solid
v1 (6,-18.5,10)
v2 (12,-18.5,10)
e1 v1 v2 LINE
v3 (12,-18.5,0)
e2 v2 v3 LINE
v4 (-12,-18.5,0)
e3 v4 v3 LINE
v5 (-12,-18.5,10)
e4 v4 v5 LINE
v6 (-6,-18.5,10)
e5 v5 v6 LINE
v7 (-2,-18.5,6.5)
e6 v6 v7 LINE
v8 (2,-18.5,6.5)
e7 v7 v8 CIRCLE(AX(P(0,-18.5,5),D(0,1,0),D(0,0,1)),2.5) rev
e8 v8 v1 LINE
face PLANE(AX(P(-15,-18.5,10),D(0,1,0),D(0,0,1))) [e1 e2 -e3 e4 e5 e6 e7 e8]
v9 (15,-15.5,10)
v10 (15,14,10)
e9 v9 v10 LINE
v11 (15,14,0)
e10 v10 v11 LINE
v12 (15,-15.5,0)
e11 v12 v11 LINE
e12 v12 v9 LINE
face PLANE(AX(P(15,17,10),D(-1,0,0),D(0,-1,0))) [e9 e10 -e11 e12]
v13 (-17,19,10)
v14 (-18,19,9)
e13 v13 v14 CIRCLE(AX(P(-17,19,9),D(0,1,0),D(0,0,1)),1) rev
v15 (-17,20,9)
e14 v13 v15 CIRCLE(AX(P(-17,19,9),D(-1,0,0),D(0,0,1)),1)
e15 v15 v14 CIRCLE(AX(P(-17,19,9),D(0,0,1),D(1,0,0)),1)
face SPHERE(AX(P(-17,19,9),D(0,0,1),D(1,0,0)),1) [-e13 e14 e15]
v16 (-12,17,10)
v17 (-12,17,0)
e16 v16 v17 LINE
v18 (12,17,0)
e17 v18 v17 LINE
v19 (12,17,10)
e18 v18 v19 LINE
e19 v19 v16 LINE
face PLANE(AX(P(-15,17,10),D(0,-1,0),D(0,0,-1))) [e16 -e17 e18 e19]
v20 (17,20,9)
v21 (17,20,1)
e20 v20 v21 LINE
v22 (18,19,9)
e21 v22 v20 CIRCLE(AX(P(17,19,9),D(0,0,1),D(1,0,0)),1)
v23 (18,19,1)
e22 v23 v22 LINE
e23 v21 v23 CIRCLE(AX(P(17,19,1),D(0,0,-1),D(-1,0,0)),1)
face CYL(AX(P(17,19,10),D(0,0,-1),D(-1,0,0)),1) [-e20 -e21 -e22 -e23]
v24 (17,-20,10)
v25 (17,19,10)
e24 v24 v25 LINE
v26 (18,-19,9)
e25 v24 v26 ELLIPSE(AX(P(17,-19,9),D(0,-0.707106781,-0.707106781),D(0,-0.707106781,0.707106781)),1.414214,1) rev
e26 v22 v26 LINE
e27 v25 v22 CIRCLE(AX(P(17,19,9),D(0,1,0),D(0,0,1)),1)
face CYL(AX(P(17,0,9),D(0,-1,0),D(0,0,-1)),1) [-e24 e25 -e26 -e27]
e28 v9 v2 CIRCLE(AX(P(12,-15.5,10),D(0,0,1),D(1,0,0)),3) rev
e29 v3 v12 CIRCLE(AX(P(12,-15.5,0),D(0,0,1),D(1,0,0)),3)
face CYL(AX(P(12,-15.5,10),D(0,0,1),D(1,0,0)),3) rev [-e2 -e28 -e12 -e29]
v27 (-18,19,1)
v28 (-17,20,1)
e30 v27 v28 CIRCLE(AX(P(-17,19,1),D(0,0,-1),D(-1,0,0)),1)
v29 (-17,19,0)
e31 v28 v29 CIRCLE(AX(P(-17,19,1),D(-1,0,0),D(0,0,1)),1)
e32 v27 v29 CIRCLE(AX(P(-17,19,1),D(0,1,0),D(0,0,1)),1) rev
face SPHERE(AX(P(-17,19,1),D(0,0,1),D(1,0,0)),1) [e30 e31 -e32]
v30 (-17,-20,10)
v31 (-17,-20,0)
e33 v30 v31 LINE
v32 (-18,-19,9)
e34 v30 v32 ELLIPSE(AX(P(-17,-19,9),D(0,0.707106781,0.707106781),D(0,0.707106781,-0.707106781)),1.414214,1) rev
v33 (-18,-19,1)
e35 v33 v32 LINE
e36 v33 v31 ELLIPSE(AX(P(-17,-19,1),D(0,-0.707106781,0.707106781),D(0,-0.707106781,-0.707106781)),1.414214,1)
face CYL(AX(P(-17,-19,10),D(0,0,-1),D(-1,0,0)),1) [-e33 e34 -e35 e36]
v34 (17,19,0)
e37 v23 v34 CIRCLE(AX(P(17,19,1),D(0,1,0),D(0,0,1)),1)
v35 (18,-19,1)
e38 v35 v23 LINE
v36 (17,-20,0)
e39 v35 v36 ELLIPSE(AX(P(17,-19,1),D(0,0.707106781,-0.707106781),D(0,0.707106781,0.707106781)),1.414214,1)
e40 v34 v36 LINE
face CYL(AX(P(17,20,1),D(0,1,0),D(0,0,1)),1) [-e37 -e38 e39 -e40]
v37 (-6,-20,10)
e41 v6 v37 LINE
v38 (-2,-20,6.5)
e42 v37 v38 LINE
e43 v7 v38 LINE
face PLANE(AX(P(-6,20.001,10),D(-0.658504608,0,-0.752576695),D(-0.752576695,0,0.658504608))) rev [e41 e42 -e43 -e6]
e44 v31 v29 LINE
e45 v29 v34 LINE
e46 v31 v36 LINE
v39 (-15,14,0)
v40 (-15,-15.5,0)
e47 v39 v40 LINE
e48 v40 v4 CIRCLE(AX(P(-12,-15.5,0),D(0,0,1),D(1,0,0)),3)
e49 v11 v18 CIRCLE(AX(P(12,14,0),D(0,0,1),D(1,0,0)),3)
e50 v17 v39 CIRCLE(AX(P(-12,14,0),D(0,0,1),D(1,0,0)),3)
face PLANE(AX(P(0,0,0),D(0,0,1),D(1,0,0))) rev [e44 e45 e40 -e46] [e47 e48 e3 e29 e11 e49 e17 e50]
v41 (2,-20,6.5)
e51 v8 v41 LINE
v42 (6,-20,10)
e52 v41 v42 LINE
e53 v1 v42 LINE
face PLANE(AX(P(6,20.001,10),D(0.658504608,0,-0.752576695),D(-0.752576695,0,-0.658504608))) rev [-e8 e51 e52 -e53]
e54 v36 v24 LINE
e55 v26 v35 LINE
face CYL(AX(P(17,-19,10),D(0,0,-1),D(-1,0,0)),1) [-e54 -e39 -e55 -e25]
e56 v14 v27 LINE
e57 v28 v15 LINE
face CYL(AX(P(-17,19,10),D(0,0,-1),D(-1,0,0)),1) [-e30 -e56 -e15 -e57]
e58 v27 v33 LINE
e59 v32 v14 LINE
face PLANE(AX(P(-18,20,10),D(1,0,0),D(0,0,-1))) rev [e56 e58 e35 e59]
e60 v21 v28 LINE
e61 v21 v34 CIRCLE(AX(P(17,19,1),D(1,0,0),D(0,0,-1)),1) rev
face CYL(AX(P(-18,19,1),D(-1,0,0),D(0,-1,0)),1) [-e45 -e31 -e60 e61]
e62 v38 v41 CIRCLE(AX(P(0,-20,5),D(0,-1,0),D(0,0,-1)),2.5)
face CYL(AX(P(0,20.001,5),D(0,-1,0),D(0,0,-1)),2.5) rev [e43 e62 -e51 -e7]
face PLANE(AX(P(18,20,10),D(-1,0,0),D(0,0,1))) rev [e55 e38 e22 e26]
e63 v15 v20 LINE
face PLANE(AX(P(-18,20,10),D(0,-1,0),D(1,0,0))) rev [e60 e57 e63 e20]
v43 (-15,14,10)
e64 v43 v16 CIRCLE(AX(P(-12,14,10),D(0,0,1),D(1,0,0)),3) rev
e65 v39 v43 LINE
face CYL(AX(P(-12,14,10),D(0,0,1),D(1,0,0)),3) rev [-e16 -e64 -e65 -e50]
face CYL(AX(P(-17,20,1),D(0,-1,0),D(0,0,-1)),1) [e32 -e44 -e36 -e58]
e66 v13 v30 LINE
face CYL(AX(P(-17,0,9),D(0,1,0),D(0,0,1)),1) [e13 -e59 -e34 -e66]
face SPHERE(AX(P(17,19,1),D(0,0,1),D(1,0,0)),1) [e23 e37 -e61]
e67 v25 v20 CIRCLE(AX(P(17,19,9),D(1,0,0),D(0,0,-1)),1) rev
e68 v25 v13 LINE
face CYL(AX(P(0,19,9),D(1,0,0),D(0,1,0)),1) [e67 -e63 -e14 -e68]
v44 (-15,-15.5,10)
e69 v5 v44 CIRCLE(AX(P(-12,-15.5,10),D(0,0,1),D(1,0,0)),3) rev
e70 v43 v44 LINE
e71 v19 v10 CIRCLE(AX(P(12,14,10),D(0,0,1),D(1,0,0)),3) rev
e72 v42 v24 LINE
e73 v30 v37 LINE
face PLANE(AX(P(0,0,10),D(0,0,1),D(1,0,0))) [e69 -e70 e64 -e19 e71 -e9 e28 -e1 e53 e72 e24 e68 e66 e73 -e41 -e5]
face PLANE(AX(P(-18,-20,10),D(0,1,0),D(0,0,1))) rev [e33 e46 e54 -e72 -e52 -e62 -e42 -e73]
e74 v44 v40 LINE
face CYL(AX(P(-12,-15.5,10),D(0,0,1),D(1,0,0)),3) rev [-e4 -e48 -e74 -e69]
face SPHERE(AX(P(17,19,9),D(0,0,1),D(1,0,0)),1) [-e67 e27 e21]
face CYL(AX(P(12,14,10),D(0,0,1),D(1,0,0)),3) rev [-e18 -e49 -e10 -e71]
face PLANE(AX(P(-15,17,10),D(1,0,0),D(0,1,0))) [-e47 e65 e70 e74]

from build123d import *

# Parameters (mm, degrees)
SKETCH1_W           = 36
SKETCH1_H           = 40
SKETCH1_W_2         = 30
SKETCH1_H_2         = 35.5
BOSS_EXTRUDE1_DEPTH = 10
CUT_EXTRUDE2_REACH  = 46.989
FILLET1_R           = 3
FILLET2_R           = 1


with BuildPart() as part:
    # Sketch1 → Boss-Extrude1 (new body)
    with BuildSketch(Plane.XY):
        Rectangle(SKETCH1_W, SKETCH1_H)
        with Locations((0, -0.75)):
            Rectangle(SKETCH1_W_2, SKETCH1_H_2, mode=Mode.SUBTRACT)
    extrude(amount=BOSS_EXTRUDE1_DEPTH)

    # Sketch2 → Cut-Extrude2 (cut, up to next)
    with BuildSketch(Plane.XZ.offset(20), mode=Mode.PRIVATE) as cut_extrude2_sk1:
        with BuildLine():
            Line((-6, 10), (-2, 6.5))
            ThreePointArc((-2, 6.5), (0, 2.5), (2, 6.5))
            Line((2, 6.5), (6, 10))
            Line((6, 10), (-6, 10))
        make_face()
    cut_extrude2_tool1 = extrude(cut_extrude2_sk1.sketch, amount=-CUT_EXTRUDE2_REACH, mode=Mode.PRIVATE) & part.part
    add(cut_extrude2_tool1.solids().sort_by_distance((0, -20, 7.092656))[0], mode=Mode.SUBTRACT)

    # Fillet1
    fillet1_edges = [part.edges().sort_by_distance(p)[0] for p in [
        (-15, 17, 5),
        (-15, -18.5, 5),
        (15, -18.5, 5),
        (15, 17, 5),
    ]]
    fillet(fillet1_edges, radius=FILLET1_R)

    # Fillet2
    fillet2_edges = [part.edges().sort_by_distance(p)[0] for p in [
        (18, 0, 10),
        (0, 20, 10),
        (-18, 0, 10),
        (0, 20, 0),
        (18, 0, 0),
        (-18, 0, 0),
        (-18, 20, 5),
        (18, 20, 5),
        (18, -20, 5),
        (-18, -20, 5),
    ]]
    fillet(fillet2_edges, radius=FILLET2_R)


solid = part.part
